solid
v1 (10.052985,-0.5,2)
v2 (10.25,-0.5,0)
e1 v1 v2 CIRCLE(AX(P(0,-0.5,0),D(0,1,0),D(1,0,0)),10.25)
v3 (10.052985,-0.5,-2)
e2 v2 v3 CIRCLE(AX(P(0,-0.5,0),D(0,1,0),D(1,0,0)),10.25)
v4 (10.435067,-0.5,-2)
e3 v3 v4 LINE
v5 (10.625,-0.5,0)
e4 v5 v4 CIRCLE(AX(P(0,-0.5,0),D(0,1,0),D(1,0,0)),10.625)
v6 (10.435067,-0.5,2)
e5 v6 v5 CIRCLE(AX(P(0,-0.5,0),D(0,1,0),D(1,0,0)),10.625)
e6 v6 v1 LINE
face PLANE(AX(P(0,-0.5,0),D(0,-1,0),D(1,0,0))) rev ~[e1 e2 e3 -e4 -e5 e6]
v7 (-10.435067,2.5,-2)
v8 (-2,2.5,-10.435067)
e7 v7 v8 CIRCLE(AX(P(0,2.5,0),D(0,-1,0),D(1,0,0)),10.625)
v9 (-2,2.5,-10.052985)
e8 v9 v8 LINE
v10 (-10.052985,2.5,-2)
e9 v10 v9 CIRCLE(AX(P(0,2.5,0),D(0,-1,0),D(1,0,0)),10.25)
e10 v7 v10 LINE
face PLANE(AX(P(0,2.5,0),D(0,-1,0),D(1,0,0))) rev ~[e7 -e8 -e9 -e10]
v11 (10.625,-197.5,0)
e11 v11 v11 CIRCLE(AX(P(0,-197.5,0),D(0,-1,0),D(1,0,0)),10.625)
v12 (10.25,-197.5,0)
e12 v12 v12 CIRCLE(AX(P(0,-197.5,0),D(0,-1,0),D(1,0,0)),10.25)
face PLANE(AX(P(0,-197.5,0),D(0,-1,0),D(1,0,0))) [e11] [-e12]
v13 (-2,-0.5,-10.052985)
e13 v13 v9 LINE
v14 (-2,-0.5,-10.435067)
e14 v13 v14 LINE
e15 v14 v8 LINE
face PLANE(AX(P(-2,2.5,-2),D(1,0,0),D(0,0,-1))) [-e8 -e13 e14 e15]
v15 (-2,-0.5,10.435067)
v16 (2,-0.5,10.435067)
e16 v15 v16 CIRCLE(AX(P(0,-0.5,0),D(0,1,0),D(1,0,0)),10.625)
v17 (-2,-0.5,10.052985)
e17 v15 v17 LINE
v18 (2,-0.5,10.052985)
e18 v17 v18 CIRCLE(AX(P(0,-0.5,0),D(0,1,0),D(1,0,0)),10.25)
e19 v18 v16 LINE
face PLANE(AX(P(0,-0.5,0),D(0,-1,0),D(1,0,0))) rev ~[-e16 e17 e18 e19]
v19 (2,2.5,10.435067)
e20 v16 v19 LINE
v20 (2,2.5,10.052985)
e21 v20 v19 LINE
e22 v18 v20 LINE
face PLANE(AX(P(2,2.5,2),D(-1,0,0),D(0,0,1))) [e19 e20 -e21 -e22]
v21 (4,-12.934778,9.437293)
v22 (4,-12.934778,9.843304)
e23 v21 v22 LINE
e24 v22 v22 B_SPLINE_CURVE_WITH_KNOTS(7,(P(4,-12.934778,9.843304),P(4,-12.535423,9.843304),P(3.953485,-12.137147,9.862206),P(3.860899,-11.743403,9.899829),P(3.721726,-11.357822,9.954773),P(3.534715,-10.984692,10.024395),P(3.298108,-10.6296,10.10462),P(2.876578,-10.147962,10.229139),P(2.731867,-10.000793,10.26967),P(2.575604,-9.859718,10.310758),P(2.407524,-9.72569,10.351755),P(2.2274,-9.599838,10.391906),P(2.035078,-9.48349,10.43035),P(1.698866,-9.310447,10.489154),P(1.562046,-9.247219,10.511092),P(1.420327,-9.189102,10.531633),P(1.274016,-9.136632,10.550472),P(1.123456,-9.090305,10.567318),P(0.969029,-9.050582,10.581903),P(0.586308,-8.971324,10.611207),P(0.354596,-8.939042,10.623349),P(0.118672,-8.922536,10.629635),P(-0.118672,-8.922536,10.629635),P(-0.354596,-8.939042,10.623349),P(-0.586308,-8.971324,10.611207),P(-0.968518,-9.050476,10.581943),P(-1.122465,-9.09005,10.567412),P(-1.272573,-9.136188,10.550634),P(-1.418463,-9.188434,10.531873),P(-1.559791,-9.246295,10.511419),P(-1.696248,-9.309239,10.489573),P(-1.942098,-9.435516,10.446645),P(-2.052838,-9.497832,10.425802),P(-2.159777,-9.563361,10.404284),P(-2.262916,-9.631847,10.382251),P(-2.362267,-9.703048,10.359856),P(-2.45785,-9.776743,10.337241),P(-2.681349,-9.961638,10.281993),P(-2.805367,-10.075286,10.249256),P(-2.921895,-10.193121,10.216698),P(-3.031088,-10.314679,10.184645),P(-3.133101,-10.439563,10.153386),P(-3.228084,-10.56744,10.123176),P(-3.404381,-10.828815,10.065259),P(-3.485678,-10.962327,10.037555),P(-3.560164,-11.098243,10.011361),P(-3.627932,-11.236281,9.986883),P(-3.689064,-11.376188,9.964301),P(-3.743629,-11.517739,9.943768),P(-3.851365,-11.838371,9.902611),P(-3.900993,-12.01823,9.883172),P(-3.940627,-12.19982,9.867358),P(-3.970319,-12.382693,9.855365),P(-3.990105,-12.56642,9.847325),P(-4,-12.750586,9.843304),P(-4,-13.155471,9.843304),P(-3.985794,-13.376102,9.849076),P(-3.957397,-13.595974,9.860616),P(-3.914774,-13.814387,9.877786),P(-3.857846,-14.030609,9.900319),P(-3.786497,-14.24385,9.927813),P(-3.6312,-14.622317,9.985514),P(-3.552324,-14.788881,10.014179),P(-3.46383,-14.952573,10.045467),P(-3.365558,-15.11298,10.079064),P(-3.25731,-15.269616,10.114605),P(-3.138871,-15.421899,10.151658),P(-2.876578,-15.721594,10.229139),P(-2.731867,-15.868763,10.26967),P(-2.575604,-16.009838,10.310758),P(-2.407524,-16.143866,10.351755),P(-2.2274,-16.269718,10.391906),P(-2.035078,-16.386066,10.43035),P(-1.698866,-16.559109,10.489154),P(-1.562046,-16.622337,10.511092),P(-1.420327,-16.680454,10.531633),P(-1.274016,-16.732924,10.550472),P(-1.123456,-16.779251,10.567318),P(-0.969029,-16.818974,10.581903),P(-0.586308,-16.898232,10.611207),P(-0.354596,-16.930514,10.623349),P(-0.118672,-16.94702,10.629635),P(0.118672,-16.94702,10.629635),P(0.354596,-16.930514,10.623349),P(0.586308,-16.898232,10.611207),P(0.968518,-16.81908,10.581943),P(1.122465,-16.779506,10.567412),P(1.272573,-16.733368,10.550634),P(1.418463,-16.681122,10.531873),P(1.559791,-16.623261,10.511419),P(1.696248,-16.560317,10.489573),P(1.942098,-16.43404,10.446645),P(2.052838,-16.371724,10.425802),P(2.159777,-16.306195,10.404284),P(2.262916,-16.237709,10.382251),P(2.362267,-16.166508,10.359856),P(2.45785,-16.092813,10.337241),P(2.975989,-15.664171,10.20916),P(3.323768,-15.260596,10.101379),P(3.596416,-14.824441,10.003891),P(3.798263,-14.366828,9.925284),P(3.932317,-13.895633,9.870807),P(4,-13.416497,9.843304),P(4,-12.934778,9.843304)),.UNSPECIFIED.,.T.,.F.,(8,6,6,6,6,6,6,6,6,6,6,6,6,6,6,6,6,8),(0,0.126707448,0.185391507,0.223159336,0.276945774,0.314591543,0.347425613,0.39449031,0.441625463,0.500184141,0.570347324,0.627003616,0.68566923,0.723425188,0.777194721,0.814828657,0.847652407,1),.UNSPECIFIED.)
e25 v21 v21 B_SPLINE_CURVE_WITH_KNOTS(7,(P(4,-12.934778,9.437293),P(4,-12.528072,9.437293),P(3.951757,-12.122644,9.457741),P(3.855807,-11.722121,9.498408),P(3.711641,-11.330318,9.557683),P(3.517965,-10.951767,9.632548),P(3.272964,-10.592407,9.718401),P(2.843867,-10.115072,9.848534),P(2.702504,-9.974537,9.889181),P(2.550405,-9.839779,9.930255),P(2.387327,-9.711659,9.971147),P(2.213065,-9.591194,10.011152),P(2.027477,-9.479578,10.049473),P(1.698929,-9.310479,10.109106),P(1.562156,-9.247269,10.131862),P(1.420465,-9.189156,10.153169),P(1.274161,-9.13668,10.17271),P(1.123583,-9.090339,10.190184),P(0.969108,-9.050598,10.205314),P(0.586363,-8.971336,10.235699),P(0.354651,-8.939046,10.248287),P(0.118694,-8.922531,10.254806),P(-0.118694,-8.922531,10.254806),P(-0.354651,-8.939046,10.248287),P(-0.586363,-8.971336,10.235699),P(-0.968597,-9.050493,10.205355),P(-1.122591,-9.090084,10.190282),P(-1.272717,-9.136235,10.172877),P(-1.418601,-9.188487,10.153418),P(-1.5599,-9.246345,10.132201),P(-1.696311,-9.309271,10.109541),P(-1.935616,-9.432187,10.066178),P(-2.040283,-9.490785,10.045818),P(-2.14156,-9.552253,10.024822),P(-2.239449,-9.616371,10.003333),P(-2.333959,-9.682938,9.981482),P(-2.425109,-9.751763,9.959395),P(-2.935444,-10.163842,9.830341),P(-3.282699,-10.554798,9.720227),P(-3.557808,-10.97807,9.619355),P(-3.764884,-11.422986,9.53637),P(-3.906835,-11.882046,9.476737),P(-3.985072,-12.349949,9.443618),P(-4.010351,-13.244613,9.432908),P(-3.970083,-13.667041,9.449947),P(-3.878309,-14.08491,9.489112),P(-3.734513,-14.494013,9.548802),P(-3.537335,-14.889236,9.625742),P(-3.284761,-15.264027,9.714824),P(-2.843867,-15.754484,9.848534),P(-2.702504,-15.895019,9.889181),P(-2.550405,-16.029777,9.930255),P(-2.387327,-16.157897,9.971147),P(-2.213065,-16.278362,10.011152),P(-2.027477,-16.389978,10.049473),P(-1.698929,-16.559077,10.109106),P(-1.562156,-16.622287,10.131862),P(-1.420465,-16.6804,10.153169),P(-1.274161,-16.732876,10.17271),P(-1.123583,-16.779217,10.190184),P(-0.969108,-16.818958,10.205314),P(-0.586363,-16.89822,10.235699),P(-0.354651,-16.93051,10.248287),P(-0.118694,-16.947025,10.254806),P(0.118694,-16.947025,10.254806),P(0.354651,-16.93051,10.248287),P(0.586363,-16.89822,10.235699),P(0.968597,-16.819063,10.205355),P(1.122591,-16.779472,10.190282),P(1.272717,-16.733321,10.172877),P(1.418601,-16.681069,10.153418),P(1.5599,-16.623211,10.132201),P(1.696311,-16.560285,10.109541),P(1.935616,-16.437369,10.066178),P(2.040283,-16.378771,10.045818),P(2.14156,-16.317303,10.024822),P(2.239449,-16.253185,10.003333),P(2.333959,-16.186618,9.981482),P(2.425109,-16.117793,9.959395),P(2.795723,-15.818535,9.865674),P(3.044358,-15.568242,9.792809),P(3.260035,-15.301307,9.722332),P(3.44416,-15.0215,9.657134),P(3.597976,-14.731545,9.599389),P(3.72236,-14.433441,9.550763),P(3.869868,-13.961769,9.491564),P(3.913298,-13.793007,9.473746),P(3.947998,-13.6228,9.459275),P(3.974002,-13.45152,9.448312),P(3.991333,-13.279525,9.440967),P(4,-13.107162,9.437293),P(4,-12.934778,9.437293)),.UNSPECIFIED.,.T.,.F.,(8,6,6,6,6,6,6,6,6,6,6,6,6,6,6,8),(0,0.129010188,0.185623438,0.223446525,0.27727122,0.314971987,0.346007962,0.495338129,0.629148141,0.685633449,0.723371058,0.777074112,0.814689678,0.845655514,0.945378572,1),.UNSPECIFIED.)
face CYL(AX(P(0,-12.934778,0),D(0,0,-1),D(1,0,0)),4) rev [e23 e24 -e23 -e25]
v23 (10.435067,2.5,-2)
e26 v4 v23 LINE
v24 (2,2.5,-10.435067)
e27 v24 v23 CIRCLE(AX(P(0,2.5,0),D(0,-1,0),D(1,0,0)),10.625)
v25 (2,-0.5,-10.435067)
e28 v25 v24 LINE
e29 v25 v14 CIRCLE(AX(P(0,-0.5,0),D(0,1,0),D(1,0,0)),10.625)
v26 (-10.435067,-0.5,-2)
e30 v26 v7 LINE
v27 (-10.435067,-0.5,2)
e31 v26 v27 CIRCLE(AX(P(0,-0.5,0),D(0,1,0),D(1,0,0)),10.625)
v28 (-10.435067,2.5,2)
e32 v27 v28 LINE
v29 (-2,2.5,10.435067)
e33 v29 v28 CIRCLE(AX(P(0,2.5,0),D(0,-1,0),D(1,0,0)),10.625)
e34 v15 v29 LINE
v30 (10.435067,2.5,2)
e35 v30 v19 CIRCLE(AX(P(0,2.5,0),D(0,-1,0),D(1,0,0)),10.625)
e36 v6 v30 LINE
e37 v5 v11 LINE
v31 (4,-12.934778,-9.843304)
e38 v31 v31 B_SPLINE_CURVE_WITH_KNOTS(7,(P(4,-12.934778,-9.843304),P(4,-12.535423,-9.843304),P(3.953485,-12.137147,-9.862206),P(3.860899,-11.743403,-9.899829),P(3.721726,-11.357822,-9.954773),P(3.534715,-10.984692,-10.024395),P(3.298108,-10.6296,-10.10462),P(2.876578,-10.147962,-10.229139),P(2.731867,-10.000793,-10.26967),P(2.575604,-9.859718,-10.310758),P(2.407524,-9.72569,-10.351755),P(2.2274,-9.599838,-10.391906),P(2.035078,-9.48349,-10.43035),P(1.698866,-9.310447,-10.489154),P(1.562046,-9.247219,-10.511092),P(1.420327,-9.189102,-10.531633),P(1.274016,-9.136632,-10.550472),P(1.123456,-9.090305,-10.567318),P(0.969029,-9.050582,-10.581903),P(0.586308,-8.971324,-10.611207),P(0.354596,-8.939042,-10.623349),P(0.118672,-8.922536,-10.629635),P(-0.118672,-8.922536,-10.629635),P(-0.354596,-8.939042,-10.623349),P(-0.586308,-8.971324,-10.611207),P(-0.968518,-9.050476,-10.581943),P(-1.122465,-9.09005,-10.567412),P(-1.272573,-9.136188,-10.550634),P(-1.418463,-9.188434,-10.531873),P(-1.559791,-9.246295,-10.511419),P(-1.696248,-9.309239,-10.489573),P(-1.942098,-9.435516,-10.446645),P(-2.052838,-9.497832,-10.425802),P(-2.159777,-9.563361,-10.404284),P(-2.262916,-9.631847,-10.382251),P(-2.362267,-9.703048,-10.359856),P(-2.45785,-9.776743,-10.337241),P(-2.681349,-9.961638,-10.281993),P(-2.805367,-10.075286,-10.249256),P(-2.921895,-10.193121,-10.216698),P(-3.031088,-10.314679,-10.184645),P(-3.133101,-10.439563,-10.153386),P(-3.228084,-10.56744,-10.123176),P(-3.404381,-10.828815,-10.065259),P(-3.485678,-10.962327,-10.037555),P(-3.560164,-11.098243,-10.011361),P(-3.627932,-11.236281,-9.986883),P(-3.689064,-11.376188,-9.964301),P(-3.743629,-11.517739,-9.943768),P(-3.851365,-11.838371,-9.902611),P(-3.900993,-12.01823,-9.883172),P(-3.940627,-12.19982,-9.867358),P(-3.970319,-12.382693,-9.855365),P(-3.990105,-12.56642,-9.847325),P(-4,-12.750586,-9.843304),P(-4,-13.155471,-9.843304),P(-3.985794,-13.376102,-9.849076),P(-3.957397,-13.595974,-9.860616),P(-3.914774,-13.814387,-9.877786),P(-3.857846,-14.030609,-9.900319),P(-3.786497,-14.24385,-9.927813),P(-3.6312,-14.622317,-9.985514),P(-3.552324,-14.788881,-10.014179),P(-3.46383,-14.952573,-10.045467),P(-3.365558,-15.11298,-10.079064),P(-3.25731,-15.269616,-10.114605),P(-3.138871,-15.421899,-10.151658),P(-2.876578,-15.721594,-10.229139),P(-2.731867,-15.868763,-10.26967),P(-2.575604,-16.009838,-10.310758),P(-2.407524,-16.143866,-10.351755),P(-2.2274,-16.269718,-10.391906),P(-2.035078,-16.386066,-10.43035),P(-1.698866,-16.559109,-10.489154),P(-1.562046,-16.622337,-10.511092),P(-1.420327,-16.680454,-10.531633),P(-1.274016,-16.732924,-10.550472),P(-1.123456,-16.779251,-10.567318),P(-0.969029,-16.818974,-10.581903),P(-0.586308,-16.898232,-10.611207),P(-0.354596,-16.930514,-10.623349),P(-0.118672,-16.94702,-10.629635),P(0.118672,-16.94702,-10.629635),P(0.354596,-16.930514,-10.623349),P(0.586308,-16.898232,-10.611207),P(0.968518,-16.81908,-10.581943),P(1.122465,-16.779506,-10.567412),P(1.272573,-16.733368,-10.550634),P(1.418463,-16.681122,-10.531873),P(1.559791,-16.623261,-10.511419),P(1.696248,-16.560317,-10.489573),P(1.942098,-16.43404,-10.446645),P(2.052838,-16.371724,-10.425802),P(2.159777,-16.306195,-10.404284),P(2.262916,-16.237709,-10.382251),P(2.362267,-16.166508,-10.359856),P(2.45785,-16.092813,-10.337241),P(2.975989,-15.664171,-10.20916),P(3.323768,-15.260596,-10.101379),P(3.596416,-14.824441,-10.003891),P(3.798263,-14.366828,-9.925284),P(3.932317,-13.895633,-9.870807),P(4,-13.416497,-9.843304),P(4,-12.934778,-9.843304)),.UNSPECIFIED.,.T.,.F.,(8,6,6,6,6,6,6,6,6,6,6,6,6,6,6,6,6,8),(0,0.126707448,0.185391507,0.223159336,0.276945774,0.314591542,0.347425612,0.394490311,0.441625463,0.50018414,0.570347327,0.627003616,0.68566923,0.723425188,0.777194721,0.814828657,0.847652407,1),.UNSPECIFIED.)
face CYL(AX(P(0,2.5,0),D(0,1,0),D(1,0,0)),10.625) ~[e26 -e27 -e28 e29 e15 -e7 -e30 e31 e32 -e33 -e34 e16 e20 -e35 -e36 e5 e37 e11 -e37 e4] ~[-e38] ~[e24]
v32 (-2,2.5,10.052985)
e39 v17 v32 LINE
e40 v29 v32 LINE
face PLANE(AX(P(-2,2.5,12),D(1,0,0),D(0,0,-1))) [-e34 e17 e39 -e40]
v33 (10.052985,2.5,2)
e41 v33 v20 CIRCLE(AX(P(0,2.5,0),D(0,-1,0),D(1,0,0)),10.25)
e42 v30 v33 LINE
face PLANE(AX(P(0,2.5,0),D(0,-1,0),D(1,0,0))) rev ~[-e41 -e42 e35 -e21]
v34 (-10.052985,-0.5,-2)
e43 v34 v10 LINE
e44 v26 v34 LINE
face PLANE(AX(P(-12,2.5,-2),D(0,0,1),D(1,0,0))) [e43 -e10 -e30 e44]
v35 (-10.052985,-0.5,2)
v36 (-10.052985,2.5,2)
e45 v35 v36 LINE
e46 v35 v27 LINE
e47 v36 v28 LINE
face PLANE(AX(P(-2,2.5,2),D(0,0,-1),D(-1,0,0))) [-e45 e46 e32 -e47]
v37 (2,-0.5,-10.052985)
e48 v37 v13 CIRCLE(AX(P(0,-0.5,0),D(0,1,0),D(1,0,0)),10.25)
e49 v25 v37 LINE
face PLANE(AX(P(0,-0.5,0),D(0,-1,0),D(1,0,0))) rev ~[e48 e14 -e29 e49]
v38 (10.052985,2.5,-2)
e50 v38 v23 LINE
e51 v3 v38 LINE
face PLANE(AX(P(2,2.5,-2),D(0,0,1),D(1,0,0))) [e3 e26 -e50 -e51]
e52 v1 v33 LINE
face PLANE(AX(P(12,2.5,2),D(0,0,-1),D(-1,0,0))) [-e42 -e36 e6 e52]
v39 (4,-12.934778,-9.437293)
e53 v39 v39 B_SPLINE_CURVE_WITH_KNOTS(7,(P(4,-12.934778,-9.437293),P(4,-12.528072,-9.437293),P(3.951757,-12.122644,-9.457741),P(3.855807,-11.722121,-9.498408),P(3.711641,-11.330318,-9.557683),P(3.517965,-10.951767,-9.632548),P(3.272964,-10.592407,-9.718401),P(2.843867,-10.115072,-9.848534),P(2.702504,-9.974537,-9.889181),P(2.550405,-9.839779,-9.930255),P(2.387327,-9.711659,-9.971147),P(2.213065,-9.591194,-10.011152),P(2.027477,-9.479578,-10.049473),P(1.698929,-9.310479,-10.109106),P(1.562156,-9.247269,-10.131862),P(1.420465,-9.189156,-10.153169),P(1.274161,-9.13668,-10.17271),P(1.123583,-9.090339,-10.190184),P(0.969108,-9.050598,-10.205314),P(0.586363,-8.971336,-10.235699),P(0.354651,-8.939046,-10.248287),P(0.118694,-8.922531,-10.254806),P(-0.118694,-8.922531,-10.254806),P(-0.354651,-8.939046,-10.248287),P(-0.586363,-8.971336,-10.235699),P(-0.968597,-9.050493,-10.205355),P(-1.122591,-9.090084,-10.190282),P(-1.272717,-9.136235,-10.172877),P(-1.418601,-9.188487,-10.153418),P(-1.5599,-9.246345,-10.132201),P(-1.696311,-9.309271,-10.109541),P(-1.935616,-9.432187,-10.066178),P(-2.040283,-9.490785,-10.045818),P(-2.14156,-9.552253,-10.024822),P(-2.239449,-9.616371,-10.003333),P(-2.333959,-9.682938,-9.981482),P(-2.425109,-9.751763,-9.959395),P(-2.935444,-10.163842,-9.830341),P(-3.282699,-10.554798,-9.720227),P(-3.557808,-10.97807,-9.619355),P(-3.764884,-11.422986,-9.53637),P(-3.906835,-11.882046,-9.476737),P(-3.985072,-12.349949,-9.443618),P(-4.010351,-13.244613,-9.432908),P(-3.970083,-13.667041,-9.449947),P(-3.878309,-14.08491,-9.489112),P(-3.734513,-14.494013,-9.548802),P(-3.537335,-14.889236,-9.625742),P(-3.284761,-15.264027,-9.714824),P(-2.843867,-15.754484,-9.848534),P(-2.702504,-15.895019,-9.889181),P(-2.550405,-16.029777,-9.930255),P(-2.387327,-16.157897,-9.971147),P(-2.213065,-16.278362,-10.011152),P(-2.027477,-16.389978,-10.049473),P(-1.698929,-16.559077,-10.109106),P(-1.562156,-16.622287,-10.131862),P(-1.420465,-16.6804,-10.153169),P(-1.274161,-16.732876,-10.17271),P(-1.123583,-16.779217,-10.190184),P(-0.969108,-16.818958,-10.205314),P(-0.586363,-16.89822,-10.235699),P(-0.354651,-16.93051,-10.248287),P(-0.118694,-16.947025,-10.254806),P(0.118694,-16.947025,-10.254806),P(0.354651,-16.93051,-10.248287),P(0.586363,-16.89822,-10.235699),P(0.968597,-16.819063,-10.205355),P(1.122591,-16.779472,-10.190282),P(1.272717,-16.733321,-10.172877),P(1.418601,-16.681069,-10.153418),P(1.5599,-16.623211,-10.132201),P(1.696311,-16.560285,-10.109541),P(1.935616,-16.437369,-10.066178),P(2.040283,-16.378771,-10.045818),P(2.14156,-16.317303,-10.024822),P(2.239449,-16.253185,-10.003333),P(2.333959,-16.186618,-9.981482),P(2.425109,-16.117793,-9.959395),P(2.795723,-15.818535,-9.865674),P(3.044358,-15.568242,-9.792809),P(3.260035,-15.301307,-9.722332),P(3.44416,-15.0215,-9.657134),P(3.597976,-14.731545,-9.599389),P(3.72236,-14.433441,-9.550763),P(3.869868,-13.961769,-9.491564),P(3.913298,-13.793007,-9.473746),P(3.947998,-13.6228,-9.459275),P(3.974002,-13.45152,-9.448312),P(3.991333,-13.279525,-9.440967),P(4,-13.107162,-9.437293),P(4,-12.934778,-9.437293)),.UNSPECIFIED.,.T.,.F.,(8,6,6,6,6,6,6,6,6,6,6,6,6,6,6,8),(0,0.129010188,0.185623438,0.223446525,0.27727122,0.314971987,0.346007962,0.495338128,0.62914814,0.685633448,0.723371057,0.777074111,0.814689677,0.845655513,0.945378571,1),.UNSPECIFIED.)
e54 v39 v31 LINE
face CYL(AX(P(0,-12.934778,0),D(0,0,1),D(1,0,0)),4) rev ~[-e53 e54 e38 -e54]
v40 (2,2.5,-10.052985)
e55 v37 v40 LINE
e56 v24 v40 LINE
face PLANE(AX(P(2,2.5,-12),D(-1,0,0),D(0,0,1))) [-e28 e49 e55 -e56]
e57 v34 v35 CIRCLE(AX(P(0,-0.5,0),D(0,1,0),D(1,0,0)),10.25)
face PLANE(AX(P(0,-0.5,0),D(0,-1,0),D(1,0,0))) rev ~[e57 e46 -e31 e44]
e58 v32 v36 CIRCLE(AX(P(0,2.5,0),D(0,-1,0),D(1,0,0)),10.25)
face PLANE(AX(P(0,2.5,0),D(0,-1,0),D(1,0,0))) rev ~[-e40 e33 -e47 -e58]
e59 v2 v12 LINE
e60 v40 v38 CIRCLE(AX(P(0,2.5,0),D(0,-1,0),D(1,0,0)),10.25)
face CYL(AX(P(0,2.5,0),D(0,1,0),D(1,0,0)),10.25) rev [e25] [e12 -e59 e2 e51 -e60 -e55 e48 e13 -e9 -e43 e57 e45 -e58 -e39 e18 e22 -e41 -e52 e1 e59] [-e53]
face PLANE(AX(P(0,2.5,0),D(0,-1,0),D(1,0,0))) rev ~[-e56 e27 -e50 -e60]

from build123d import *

# Parameters (mm, degrees)
SKETCH011_R          = 10.625
SKETCH011_R_2        = 10.25
PAD003_DEPTH         = 200
SKETCH018_R          = 4
POCKET008_DEPTH      = 50
POCKET008_DEPTH_BACK = 50
POCKET009_DEPTH      = 3


with BuildPart() as part:
    # Sketch011 → Pad003 (new body)
    with BuildSketch(Plane.XZ):
        Circle(SKETCH011_R)
        Circle(SKETCH011_R_2, mode=Mode.SUBTRACT)
    extrude(amount=PAD003_DEPTH)

    # Sketch018 → Pocket008 (cut, two sides)
    with BuildSketch(Plane.XY) as pocket008_sk:
        with Locations((0, -15.434778)):
            Circle(SKETCH018_R)
    extrude(amount=-POCKET008_DEPTH, mode=Mode.SUBTRACT)
    extrude(pocket008_sk.sketch, amount=POCKET008_DEPTH_BACK, mode=Mode.SUBTRACT)

    # Sketch019 → Pocket009 (cut)
    with BuildSketch(Plane.XZ):
        Polygon((12, -2), (12, 2), (2, 2), (2, 12), (-2, 12), (-2, 2), (-12, 2), (-12, -2), (-2, -2), (-2, -12), (2, -12), (2, -2), align=None)
    extrude(amount=POCKET009_DEPTH, mode=Mode.SUBTRACT)


with BuildPart() as part_1:
    # Body003 placement: moved
    add(part.part.moved(Location((0, 2.5, 0))))


solid = part_1.part
